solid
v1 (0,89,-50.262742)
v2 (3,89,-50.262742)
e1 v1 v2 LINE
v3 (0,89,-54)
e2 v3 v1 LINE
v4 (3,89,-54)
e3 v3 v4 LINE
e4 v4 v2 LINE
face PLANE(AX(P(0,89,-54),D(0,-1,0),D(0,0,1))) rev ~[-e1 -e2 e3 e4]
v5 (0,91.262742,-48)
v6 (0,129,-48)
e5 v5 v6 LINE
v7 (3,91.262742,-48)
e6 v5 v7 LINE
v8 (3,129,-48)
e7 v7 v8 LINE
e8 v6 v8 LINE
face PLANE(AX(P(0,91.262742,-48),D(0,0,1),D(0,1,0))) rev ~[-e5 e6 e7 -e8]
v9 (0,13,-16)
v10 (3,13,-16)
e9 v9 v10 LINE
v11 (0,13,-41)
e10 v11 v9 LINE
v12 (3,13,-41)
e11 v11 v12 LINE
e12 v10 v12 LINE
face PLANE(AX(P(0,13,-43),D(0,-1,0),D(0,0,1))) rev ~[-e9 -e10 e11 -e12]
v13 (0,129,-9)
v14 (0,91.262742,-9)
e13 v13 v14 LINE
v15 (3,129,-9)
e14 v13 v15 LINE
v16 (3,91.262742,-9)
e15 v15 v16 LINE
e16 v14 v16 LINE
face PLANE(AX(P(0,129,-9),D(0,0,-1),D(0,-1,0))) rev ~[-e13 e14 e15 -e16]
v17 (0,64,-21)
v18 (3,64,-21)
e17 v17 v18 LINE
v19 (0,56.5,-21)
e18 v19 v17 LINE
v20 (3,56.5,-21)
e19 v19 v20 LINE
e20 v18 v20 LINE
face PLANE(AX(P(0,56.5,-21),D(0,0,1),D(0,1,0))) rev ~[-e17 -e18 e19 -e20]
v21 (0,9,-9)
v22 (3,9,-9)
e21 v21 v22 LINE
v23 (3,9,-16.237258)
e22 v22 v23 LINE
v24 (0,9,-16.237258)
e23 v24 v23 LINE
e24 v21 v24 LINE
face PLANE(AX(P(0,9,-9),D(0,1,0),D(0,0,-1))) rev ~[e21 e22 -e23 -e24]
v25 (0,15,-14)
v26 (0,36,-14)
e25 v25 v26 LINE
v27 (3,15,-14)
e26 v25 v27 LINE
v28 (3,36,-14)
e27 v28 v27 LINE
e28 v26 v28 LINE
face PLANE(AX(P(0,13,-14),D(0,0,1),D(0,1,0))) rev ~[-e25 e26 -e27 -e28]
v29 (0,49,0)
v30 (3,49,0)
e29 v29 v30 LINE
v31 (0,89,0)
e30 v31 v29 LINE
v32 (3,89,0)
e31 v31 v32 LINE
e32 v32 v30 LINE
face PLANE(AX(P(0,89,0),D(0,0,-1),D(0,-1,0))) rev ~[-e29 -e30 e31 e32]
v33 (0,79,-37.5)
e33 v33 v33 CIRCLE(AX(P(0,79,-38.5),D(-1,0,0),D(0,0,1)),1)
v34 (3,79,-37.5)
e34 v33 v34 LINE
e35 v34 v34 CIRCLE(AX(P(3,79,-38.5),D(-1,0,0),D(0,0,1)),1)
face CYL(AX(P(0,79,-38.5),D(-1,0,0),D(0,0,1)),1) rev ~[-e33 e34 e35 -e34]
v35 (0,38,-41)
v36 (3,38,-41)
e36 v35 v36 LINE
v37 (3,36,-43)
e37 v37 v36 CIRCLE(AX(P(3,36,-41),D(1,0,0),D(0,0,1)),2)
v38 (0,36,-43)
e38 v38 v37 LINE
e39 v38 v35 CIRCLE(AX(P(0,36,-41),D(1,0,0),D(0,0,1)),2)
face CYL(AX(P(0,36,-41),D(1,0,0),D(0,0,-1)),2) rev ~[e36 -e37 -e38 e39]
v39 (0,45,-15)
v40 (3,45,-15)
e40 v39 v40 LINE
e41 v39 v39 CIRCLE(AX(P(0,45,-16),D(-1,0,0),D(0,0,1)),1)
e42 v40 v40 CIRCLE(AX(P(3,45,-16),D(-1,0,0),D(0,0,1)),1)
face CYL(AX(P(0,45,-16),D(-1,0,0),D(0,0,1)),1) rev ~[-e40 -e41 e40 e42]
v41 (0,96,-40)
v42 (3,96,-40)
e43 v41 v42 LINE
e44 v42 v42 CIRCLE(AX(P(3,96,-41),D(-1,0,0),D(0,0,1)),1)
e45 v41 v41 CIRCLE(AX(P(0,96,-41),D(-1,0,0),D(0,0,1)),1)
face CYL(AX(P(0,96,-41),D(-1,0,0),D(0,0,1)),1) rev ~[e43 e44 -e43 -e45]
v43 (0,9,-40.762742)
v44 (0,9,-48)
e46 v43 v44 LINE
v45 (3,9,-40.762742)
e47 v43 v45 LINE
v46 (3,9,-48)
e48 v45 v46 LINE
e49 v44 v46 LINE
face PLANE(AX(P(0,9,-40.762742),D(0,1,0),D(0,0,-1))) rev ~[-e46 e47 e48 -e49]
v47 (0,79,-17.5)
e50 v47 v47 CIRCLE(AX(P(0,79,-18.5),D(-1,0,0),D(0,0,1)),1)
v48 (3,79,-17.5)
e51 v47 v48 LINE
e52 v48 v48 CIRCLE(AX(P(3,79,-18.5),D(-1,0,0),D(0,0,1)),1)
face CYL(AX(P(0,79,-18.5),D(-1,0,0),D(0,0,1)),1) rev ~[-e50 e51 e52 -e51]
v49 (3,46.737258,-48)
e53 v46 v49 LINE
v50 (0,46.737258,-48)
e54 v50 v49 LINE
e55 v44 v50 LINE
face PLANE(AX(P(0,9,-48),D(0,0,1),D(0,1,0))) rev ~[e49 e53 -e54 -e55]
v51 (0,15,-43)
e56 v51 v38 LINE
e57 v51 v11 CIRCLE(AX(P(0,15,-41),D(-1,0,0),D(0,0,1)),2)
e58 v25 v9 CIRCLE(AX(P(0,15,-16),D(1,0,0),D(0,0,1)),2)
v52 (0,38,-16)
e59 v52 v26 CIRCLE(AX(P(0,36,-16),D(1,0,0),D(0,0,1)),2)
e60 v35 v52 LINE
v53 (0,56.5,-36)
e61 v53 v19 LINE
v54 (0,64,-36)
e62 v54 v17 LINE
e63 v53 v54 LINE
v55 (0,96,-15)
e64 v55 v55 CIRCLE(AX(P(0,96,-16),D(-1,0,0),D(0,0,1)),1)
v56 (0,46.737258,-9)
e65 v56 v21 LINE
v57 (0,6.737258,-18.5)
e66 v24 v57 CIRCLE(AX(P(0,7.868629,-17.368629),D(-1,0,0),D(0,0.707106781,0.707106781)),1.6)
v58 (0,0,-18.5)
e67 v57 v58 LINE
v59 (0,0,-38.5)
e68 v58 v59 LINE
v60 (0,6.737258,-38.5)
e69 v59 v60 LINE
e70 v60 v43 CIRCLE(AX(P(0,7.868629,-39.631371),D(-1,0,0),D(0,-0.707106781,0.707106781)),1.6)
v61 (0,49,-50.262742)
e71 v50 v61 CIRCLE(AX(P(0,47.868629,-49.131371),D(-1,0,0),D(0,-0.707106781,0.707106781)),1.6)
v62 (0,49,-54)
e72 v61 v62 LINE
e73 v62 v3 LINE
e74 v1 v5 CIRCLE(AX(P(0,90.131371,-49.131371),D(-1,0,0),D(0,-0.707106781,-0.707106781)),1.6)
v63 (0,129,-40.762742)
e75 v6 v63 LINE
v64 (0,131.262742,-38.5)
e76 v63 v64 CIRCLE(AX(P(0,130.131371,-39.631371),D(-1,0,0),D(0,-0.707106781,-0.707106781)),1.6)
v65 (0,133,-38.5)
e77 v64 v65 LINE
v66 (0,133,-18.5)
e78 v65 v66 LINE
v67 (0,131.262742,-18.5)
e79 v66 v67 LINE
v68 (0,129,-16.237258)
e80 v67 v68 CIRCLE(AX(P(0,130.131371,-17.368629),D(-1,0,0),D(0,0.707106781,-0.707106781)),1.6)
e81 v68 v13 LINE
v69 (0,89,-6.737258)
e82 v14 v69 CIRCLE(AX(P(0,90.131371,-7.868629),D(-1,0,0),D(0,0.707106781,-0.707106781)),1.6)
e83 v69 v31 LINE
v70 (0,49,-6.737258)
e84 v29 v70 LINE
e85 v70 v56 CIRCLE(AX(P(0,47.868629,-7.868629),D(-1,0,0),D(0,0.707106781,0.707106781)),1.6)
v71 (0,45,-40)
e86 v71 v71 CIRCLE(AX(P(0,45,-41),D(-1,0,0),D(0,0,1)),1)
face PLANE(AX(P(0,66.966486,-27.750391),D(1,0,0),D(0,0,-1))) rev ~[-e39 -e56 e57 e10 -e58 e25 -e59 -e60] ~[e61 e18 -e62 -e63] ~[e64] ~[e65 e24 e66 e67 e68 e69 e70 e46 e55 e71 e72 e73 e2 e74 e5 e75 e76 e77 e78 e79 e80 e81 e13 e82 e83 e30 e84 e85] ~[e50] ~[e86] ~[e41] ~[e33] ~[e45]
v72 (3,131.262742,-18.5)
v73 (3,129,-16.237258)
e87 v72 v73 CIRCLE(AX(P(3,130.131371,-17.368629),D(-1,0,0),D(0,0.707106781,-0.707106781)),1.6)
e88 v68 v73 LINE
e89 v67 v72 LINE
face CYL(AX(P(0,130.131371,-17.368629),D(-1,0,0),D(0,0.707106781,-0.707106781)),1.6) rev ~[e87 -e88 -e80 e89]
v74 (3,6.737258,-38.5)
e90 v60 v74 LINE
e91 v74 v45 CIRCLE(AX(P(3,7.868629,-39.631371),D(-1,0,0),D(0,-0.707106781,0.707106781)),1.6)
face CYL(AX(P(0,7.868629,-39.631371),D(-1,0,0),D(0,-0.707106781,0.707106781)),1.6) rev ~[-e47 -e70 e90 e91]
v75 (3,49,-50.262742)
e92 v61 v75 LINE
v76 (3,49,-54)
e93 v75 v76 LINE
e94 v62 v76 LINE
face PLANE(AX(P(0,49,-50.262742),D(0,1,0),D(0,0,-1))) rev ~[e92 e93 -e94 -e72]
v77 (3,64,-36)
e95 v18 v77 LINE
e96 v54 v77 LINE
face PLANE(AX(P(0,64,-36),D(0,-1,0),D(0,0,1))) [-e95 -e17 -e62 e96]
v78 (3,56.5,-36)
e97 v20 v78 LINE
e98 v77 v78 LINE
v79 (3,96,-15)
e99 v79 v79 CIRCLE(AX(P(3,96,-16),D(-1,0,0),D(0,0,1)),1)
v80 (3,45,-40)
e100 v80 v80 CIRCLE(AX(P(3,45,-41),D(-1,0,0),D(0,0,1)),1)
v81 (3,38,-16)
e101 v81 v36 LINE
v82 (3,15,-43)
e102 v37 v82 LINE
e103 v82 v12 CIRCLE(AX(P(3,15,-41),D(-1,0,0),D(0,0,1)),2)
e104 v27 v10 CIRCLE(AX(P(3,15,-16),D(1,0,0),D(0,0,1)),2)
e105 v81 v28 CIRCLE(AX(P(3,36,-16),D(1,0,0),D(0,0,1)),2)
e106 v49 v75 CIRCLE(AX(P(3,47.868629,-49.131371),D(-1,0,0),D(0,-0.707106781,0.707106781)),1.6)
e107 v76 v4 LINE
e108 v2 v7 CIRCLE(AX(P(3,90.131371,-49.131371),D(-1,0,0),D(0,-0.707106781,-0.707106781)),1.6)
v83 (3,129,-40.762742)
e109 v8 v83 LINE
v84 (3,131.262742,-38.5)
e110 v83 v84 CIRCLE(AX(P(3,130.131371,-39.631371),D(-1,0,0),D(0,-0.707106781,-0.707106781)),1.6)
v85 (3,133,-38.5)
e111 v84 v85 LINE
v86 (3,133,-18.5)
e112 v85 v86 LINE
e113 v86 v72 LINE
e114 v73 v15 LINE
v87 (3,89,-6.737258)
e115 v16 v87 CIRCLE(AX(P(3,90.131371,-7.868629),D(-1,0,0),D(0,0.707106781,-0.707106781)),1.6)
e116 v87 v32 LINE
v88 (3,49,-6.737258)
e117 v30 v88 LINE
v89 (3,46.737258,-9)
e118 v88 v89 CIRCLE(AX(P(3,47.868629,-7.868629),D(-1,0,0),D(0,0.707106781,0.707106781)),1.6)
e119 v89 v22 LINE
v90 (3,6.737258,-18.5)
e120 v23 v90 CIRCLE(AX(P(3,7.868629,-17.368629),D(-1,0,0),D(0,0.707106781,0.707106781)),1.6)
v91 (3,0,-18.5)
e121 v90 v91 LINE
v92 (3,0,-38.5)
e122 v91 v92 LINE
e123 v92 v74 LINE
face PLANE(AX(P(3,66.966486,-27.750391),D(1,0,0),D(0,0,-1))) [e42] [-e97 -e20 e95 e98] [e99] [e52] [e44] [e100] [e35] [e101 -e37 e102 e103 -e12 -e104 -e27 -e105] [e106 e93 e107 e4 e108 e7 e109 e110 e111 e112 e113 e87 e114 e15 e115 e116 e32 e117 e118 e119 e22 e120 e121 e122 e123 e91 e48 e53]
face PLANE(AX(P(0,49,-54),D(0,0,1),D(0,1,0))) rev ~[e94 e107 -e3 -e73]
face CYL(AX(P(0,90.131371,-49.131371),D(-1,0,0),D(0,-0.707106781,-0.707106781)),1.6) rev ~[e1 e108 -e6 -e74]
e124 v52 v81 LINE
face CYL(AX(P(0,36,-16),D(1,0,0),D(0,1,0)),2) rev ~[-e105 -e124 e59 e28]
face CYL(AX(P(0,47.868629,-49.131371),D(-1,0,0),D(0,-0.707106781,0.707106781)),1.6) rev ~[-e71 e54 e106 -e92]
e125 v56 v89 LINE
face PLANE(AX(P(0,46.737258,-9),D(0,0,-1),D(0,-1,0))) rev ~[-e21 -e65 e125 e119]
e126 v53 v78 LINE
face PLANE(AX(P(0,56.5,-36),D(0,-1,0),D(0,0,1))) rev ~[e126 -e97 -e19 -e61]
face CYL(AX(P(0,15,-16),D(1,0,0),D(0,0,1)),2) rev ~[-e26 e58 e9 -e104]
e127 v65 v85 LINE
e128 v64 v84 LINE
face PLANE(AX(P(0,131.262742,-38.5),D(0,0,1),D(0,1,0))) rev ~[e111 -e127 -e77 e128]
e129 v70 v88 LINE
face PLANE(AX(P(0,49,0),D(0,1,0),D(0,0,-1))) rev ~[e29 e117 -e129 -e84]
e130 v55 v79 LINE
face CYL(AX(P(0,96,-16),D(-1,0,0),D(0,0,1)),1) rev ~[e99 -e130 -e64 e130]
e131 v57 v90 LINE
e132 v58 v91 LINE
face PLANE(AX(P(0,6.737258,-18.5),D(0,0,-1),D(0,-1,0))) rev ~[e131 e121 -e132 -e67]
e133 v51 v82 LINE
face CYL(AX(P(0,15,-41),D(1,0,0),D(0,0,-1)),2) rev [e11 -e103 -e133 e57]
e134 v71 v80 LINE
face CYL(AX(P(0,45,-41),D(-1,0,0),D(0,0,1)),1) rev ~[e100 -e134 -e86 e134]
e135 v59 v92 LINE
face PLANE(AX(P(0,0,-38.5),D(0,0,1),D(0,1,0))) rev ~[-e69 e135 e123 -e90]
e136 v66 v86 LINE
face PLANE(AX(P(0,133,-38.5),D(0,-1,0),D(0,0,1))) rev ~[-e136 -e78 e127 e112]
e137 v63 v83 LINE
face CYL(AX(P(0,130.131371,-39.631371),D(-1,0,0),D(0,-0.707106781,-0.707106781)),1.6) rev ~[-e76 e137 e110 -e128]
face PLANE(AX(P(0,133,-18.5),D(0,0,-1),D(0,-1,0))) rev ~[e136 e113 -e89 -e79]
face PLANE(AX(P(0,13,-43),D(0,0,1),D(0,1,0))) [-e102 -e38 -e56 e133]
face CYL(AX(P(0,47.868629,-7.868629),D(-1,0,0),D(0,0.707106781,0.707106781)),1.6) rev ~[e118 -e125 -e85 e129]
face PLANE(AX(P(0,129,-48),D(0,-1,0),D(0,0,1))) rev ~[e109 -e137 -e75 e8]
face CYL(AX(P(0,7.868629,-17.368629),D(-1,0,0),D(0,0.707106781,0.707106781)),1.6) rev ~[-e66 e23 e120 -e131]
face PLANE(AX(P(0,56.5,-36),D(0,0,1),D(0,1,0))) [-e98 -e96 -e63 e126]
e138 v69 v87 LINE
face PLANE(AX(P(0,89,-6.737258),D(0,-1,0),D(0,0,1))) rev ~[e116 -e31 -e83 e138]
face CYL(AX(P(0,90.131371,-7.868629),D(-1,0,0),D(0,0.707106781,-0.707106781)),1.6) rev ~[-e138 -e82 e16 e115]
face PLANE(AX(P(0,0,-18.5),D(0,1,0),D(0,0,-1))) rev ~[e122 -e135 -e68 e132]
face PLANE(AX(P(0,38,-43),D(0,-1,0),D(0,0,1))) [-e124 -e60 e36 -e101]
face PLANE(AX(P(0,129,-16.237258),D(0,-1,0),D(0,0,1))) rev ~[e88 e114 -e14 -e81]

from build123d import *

# Parameters (mm, degrees)
EXTRUSION1_DEPTH        = 3
ESQUISSE2_R             = 1
ESQUISSE2_W             = 29
ESQUISSE2_H             = 25
ENL_V_MAT_EXTRU_1_DEPTH = 4
CONG_1_R                = 2
ESQUISSE3_W             = 15
ESQUISSE3_H             = 7.5
ENL_V_MAT_EXTRU_2_DEPTH = 4
ESQUISSE4_R             = 1
ENL_V_MAT_EXTRU_3_DEPTH = 4


with BuildPart() as part:
    # Esquisse1 → Extrusion1 (new body)
    with BuildSketch(Plane(origin=(0, 0, 0), x_dir=(0, 0, -1), z_dir=(1, 0, 0))):
        with BuildLine():
            Line((18.5, 6.7372583), (18.5, 0))
            Line((18.5, 0), (38.5, 0))
            Line((38.5, 0), (38.5, 6.7372583))
            ThreePointArc((38.5, 6.7372583), (38.5, 9), (40.7627417, 9))
            Line((40.7627417, 9), (48, 9))
            Line((48, 9), (48, 46.7372583))
            ThreePointArc((48, 46.7372583), (48, 49), (50.2627417, 49))
            Line((50.2627417, 49), (54, 49))
            Line((54, 49), (54, 89))
            Line((54, 89), (50.2627417, 89))
            ThreePointArc((50.2627417, 89), (48, 89), (48, 91.2627417))
            Line((48, 91.2627417), (48, 129))
            Line((48, 129), (40.7627417, 129))
            ThreePointArc((40.7627417, 129), (38.5, 129), (38.5, 131.2627417))
            Line((38.5, 131.2627417), (38.5, 133))
            Line((38.5, 133), (18.5, 133))
            Line((18.5, 133), (18.5, 131.2627417))
            ThreePointArc((18.5, 131.2627417), (18.5, 129), (16.2372583, 129))
            Line((16.2372583, 129), (9, 129))
            Line((9, 129), (9, 91.2627417))
            ThreePointArc((9, 91.2627417), (9, 89), (6.7372583, 89))
            Line((6.7372583, 89), (0, 89))
            Line((0, 89), (0, 49))
            Line((0, 49), (6.7372583, 49))
            ThreePointArc((6.7372583, 49), (9, 49), (9, 46.7372583))
            Line((9, 46.7372583), (9, 9))
            Line((9, 9), (16.2372583, 9))
            ThreePointArc((16.2372583, 9), (18.5, 9), (18.5, 6.7372583))
        make_face()
    extrude(amount=EXTRUSION1_DEPTH)

    # Esquisse2 → Enlèv. mat.-Extru.1 (cut, through all)
    with BuildSketch(Plane.ZY):
        with Locations((-38.5, 79)):
            Circle(ESQUISSE2_R)
        with Locations((-18.5, 79)):
            Circle(ESQUISSE2_R)
        with Locations((-28.5, 25.5)):
            Rectangle(ESQUISSE2_W, ESQUISSE2_H)
    extrude(amount=-ENL_V_MAT_EXTRU_1_DEPTH, mode=Mode.SUBTRACT)

    # Congé1
    cong_1_edges = [part.edges().sort_by_distance(p)[0] for p in [
        (1.5, 38, -14),
        (1.5, 13, -14),
        (1.5, 13, -43),
        (1.5, 38, -43),
    ]]
    fillet(cong_1_edges, radius=CONG_1_R)

    # Esquisse3 → Enlèv. mat.-Extru.2 (cut, through all)
    with BuildSketch(Plane.ZY):
        with Locations((-28.5, 60.25)):
            Rectangle(ESQUISSE3_W, ESQUISSE3_H)
    extrude(amount=-ENL_V_MAT_EXTRU_2_DEPTH, mode=Mode.SUBTRACT)

    # Esquisse4 → Enlèv. mat.-Extru.3 (cut, through all)
    with BuildSketch(Plane.ZY):
        with Locations((-41, 96)):
            Circle(ESQUISSE4_R)
        with Locations((-16, 96)):
            Circle(ESQUISSE4_R)
        with Locations((-41, 45)):
            Circle(ESQUISSE4_R)
        with Locations((-16, 45)):
            Circle(ESQUISSE4_R)
    extrude(amount=-ENL_V_MAT_EXTRU_3_DEPTH, mode=Mode.SUBTRACT)


solid = part.part
